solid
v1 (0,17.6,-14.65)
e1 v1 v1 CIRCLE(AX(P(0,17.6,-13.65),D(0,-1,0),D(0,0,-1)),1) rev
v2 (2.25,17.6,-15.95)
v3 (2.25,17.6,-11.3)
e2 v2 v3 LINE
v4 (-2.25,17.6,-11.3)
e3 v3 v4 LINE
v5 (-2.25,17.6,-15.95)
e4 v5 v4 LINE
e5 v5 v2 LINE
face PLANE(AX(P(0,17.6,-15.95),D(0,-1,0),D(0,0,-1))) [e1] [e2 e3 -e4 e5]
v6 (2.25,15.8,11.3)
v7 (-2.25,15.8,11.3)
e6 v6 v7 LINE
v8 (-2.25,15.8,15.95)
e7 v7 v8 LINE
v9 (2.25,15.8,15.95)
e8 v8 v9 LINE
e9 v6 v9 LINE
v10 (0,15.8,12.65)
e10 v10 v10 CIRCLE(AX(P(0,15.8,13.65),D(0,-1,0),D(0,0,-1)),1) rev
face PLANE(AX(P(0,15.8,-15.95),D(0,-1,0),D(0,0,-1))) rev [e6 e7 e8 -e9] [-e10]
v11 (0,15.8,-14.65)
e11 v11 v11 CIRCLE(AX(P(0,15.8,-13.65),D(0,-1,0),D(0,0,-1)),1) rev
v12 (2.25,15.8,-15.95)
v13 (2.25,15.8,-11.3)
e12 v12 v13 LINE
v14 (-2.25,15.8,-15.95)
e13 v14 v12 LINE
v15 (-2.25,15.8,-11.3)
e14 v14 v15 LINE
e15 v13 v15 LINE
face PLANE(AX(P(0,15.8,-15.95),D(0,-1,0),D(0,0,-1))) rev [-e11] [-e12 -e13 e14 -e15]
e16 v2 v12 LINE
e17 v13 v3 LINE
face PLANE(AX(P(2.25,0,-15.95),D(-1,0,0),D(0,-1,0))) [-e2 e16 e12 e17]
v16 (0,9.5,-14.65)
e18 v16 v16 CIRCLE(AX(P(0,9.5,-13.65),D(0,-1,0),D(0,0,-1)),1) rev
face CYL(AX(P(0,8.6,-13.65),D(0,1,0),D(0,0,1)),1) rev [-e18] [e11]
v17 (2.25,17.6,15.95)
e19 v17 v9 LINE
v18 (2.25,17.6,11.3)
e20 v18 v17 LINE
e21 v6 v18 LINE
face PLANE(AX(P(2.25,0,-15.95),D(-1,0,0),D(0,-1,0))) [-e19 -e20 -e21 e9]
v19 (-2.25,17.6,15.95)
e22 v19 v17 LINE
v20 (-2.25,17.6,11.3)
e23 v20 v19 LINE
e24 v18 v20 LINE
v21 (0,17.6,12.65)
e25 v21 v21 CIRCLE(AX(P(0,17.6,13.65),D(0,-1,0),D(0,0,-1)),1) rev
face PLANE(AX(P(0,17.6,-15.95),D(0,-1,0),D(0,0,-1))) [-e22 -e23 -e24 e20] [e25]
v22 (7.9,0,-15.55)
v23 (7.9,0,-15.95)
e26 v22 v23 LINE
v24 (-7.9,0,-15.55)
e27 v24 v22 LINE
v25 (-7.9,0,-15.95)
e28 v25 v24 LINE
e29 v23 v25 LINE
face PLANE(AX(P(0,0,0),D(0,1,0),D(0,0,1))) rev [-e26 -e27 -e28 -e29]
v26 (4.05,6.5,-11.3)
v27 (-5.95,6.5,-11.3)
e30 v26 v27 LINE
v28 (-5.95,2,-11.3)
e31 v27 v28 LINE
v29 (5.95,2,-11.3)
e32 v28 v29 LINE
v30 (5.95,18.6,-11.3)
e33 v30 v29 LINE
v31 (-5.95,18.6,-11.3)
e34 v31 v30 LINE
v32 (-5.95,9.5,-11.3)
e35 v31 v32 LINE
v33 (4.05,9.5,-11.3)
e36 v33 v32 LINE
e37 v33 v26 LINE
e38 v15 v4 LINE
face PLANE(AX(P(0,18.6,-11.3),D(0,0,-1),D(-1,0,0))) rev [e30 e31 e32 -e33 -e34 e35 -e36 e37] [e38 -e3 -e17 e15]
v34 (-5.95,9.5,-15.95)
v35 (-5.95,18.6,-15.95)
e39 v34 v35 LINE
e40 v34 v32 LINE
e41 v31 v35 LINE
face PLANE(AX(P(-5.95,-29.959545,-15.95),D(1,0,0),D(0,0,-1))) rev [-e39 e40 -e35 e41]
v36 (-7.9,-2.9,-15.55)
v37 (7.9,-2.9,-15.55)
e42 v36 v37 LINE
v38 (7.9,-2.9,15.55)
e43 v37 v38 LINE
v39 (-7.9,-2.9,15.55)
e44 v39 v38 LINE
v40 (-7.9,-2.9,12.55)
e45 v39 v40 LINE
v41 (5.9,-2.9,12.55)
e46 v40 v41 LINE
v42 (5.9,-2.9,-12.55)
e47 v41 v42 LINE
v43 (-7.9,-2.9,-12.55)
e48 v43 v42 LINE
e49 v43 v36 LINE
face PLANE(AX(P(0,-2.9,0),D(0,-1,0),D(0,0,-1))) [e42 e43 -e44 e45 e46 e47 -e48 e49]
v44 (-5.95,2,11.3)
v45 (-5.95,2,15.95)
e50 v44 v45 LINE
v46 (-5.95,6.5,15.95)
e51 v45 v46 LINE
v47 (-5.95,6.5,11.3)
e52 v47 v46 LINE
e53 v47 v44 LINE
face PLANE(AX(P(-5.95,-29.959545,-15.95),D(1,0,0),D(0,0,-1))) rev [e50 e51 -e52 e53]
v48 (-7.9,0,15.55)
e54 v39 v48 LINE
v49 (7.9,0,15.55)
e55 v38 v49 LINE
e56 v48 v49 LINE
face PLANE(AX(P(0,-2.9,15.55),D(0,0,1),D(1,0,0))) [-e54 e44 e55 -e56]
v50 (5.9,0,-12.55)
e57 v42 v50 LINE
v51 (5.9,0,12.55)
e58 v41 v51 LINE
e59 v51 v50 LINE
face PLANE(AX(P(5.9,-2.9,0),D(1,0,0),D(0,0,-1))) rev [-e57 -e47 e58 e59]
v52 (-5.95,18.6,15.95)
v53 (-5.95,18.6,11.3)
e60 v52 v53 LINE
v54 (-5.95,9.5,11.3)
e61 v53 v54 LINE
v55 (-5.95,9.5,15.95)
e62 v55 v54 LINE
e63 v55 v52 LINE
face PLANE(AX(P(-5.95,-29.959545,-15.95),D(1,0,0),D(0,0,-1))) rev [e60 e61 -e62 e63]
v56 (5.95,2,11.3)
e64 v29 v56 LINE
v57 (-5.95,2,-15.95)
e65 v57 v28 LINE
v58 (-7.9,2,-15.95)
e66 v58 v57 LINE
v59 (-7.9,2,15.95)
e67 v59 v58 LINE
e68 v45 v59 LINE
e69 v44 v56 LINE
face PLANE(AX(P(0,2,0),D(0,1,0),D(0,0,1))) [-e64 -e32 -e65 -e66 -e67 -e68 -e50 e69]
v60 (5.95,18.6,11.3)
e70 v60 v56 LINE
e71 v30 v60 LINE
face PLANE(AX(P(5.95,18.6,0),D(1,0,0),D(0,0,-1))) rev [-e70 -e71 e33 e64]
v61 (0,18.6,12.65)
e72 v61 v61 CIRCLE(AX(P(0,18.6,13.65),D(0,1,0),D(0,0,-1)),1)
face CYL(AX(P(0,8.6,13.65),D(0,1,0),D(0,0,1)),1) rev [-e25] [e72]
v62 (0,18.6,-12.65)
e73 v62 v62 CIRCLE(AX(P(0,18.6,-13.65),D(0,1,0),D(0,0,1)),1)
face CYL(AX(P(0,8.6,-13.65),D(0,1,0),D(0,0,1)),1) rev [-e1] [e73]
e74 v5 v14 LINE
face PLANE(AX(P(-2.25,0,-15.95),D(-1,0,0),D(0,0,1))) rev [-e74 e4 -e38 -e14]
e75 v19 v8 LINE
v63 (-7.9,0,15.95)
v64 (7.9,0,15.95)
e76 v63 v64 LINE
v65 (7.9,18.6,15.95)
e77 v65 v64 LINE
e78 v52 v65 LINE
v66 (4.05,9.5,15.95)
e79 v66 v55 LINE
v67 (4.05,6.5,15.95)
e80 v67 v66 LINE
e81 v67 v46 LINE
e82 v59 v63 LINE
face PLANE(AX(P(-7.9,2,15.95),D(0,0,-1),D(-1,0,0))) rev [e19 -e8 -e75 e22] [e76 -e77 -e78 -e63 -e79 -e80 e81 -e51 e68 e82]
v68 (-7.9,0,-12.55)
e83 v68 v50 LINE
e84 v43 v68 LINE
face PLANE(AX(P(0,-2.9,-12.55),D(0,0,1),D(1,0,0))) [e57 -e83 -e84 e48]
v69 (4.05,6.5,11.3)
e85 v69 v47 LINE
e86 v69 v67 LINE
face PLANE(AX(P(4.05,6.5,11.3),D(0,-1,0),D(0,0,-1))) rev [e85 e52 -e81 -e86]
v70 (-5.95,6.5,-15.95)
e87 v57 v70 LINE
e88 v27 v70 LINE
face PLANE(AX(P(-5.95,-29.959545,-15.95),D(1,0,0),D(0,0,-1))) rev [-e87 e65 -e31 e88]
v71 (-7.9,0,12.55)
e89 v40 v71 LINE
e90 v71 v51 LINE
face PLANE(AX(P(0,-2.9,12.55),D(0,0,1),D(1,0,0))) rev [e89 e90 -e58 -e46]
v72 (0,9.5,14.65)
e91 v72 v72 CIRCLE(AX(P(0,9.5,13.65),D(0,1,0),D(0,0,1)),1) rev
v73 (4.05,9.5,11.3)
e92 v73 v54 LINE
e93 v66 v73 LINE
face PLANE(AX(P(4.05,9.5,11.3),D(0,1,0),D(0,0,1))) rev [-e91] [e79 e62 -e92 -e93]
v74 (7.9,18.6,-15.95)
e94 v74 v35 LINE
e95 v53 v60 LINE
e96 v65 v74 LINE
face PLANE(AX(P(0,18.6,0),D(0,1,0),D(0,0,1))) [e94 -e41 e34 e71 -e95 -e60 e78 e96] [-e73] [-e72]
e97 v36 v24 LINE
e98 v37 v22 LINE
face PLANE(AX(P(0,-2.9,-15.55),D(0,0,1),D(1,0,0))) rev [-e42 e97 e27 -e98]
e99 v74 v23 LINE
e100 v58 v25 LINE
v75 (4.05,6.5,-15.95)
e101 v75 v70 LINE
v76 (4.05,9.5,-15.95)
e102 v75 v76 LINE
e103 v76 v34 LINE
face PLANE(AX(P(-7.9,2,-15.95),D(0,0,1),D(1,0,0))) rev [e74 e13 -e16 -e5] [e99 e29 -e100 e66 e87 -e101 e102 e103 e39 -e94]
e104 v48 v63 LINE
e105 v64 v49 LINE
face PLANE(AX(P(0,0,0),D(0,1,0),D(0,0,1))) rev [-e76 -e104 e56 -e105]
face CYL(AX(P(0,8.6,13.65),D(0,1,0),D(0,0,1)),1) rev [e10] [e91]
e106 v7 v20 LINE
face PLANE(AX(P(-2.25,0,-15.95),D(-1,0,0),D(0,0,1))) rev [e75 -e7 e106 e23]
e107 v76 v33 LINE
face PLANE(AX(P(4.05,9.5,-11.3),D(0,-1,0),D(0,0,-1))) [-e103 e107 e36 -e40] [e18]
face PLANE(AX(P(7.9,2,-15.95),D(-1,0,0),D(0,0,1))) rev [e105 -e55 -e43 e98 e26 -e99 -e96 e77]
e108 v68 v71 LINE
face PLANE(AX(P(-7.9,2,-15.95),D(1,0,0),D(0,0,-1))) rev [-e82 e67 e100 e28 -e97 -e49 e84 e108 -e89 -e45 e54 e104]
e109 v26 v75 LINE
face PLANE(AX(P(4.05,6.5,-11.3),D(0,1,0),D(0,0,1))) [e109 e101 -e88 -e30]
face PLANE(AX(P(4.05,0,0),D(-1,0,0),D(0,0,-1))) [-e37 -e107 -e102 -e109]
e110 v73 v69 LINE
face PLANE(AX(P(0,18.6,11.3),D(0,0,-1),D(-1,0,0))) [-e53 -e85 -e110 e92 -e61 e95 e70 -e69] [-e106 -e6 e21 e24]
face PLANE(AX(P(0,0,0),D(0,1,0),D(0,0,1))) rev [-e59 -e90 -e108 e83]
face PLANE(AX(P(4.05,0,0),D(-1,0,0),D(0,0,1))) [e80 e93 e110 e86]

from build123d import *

# Parameters (mm, degrees)
SKETCH1_W           = 15.8
SKETCH1_H           = 31.9
BOSS_EXTRUDE1_DEPTH = 2
SKETCH2_W           = 15.8
SKETCH2_H           = 31.9
SKETCH2_W_2         = 11.9
SKETCH2_H_2         = 22.6
BOSS_EXTRUDE3_DEPTH = 16.6
SKETCH3_R           = 1
CUT_EXTRUDE1_DEPTH  = 10
SKETCH4_W           = 4.5
SKETCH4_H           = 1.8
CUT_EXTRUDE2_DEPTH  = 38.762150362
SKETCH5_W           = 1.95
SKETCH5_H           = 31.9
CUT_EXTRUDE3_DEPTH  = 16.6
SKETCH6_W           = 4.65
SKETCH6_H           = 3
CUT_EXTRUDE4_DEPTH  = 10
BOSS_EXTRUDE4_DEPTH = 2.9


with BuildPart() as part:
    # Sketch1 → Boss-Extrude1 (new body)
    with BuildSketch(Plane(origin=(0, 0, 0), x_dir=(1, 0, 0), z_dir=(0, 1, 0))):
        Rectangle(SKETCH1_W, SKETCH1_H)
    extrude(amount=BOSS_EXTRUDE1_DEPTH)

    # Sketch2 → Boss-Extrude3 (add)
    with BuildSketch(Plane(origin=(0, 2, 0), x_dir=(1, 0, 0), z_dir=(0, 1, 0))):
        Rectangle(SKETCH2_W, SKETCH2_H)
        Rectangle(SKETCH2_W_2, SKETCH2_H_2, mode=Mode.SUBTRACT)
    extrude(amount=BOSS_EXTRUDE3_DEPTH)

    # Sketch3 → Cut-Extrude1 (cut)
    with BuildSketch(Plane(origin=(0, 18.6, 0), x_dir=(1, 0, 0), z_dir=(0, 1, 0))):
        with Locations(Location((0, 13.65, 0), (0, 0, 270))):
            Circle(SKETCH3_R)
        with Locations(Location((0, -13.65, 0), (0, 0, 90))):
            Circle(SKETCH3_R)
    extrude(amount=-CUT_EXTRUDE1_DEPTH, mode=Mode.SUBTRACT)

    # Sketch4 → Cut-Extrude2 (cut, through all)
    with BuildSketch(Plane.XY.offset(15.95)):
        with Locations((0, 16.7)):
            Rectangle(SKETCH4_W, SKETCH4_H)
    extrude(amount=-CUT_EXTRUDE2_DEPTH, mode=Mode.SUBTRACT)

    # Sketch5 → Cut-Extrude3 (cut)
    with BuildSketch(Plane(origin=(0, 18.6, 0), x_dir=(1, 0, 0), z_dir=(0, 1, 0))):
        with Locations((-6.925, 0)):
            Rectangle(SKETCH5_W, SKETCH5_H)
    extrude(amount=-CUT_EXTRUDE3_DEPTH, mode=Mode.SUBTRACT)

    # Sketch6 → Cut-Extrude4 (cut)
    with BuildSketch(Plane.ZY.offset(5.95)):
        with Locations((13.625, 8)):
            Rectangle(SKETCH6_W, SKETCH6_H)
    cut_extrude4 = extrude(amount=-CUT_EXTRUDE4_DEPTH, mode=Mode.SUBTRACT)

    # Sketch7 → Boss-Extrude4 (add)
    with BuildSketch(Plane.XZ):
        Polygon((7.9, 15.55), (-7.9, 15.55), (-7.9, 12.55), (5.9, 12.55), (5.9, -12.55), (-7.9, -12.55), (-7.9, -15.55), (7.9, -15.55), align=None)
    extrude(amount=BOSS_EXTRUDE4_DEPTH)

    # Mirror1: Cut-Extrude4 across plane
    add(cut_extrude4.mirror(Plane.XY), mode=Mode.SUBTRACT)


solid = part.part
